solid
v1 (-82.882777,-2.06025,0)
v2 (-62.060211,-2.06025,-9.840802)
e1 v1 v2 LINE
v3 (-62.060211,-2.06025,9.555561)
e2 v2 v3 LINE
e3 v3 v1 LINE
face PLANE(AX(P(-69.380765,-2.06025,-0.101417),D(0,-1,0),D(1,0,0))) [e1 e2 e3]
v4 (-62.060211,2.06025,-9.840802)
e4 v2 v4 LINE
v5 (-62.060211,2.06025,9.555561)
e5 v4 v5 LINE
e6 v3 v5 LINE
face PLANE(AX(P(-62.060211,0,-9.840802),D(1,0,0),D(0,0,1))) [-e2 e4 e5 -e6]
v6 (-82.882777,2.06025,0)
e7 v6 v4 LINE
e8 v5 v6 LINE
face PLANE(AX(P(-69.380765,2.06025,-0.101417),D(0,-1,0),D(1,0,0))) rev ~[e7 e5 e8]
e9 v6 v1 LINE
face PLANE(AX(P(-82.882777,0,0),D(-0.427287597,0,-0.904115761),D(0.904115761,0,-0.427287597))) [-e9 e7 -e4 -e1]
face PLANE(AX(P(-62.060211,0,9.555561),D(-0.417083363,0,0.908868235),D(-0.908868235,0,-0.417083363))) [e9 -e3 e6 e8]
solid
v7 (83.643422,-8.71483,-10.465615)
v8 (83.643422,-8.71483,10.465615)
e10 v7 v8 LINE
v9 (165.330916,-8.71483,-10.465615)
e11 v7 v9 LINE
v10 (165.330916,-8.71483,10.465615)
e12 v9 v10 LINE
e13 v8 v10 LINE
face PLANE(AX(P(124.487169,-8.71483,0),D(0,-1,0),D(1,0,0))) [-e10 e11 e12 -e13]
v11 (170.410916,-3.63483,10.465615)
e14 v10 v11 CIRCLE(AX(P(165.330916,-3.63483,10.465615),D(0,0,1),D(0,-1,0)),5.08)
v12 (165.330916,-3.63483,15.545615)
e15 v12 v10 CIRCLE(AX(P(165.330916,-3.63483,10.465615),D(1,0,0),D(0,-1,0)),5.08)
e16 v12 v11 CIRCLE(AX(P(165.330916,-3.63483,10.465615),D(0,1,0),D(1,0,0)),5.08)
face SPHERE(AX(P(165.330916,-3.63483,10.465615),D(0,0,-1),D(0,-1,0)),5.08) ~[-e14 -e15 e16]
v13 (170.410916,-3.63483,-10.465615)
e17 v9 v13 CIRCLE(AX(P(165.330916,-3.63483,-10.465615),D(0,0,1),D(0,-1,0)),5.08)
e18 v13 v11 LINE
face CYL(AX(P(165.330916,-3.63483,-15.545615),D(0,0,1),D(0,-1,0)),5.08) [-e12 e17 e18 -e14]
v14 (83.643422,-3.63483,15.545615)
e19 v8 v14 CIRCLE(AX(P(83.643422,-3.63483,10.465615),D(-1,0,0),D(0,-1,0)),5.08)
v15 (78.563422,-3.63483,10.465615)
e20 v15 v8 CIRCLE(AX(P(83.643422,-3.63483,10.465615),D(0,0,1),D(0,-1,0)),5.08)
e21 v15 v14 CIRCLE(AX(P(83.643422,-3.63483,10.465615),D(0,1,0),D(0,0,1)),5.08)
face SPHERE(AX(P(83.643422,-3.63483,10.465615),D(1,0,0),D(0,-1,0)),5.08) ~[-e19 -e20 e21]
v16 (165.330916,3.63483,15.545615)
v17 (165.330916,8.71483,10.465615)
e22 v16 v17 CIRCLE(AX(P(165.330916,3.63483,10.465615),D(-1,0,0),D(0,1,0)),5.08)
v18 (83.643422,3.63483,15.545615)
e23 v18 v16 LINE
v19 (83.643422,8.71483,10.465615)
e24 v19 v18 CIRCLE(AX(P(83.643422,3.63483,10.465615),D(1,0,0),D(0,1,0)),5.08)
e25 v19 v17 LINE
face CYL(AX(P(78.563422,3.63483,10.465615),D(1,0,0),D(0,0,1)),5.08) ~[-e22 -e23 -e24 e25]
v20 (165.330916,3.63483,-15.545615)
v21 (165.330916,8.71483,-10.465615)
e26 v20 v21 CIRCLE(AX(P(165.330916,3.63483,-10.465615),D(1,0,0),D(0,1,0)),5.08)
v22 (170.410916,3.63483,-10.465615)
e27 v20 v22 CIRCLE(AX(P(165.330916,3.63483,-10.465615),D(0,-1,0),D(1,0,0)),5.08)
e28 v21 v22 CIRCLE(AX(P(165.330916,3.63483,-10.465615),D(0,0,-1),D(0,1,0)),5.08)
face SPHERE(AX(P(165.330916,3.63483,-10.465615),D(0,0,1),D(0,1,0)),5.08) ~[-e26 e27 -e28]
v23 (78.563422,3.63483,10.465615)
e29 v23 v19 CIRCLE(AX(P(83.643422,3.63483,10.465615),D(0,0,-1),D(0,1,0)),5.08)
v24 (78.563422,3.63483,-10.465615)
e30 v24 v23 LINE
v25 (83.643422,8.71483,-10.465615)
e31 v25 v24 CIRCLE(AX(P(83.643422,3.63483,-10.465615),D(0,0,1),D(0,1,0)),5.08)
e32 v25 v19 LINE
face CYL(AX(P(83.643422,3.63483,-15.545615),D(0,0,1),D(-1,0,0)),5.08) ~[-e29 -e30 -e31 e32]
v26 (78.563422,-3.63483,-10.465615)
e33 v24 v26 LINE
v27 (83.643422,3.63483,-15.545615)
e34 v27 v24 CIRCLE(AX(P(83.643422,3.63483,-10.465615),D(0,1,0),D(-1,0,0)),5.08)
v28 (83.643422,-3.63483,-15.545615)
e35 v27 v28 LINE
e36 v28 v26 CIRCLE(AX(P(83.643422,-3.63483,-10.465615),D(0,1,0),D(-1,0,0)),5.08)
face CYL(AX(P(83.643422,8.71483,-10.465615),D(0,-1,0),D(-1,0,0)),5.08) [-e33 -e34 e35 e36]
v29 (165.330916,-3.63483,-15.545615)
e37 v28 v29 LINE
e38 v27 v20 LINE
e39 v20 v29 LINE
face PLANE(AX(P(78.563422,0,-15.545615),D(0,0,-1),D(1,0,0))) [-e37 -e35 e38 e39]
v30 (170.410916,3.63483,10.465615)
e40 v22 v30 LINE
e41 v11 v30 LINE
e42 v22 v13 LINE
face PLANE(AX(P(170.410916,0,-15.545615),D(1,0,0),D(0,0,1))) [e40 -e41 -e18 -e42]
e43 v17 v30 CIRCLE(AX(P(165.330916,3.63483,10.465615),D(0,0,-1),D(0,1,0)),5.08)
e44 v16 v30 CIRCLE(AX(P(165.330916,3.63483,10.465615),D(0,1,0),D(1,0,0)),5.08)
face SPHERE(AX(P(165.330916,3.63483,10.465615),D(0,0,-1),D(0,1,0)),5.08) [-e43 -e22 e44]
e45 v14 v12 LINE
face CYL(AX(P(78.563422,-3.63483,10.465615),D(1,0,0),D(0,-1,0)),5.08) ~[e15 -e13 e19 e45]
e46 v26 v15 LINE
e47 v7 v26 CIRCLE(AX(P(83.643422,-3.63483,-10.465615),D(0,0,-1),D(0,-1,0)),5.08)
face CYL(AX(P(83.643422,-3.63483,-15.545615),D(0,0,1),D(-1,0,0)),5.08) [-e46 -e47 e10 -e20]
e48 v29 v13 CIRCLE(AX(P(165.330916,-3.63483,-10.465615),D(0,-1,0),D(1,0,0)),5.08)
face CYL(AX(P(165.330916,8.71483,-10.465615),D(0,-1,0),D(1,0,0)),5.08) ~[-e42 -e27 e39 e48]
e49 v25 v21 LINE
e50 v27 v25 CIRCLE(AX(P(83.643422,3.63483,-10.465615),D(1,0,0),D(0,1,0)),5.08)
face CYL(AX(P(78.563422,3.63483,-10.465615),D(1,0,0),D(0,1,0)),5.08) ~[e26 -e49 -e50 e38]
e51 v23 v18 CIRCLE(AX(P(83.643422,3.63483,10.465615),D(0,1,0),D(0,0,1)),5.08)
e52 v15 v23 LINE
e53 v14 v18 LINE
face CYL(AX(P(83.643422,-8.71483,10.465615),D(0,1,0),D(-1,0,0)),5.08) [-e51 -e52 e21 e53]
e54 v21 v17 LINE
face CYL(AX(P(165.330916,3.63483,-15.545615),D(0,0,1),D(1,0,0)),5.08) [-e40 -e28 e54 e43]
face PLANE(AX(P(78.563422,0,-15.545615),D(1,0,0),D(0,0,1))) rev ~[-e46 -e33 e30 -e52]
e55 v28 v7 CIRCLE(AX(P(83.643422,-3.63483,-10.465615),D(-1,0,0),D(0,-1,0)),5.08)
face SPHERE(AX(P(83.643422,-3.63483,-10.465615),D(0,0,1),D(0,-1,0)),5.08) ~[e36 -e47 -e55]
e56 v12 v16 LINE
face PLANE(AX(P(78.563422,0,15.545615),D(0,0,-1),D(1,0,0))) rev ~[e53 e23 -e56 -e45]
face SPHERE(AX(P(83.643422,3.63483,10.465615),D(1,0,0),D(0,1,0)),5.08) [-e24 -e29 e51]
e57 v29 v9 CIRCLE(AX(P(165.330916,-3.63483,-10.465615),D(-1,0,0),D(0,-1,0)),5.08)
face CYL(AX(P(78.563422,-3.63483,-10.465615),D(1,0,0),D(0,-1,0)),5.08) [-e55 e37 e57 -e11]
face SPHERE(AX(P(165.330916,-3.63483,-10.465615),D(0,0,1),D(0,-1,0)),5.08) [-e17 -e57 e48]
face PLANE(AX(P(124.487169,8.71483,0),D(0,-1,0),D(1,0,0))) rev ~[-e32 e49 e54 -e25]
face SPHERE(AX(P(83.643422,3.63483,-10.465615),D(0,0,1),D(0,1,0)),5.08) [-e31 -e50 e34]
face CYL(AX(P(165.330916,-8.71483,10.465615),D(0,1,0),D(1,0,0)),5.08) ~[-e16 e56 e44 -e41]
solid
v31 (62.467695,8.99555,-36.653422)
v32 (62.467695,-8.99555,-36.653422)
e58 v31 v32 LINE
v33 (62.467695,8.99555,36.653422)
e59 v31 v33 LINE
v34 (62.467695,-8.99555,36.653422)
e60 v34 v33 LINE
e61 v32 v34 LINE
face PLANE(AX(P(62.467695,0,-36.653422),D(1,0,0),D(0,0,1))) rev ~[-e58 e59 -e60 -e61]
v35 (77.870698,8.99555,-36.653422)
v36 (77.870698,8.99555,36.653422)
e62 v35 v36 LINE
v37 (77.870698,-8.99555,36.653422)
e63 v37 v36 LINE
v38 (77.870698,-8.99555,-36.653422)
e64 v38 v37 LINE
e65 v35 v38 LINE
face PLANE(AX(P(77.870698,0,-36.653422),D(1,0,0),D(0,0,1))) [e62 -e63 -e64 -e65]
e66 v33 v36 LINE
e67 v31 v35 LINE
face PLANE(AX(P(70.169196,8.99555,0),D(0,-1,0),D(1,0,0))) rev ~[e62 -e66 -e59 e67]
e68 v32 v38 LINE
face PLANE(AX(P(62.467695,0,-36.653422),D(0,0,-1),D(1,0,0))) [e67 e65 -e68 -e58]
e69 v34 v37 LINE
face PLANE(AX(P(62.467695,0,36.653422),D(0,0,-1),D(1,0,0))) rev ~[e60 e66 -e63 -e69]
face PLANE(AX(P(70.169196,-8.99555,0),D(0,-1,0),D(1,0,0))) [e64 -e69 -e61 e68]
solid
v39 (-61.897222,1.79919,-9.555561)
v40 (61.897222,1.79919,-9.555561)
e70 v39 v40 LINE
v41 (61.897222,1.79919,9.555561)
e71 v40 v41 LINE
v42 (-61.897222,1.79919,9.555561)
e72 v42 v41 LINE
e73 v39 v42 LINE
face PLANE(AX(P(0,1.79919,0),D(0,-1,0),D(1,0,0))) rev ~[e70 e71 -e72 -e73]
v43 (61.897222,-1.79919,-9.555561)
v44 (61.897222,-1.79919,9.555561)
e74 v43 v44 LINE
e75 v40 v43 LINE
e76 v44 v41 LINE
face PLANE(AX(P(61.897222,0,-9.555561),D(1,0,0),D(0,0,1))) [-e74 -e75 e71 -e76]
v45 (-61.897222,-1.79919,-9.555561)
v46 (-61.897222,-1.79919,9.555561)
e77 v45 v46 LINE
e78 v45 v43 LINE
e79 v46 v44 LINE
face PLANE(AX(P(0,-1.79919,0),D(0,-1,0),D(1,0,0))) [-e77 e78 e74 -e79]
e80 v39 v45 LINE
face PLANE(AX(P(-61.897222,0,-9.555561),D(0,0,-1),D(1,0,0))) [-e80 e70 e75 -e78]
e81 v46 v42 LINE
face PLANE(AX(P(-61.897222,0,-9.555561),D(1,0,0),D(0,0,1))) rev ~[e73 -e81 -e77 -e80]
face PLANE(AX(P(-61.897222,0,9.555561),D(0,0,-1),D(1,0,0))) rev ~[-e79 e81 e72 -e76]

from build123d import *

# Parameters (mm, degrees)
F4_DEPTH = 2.06025
F1_W     = 15.403003
F1_H     = 73.306844
F5_DEPTH = 8.99555
F0_W     = 123.794444
F0_H     = 19.111122
F6_DEPTH = 1.79919
F3_W     = 91.847494
F3_H     = 31.09123
F7_DEPTH = 8.71483
F8_R     = 5.08


with BuildPart() as f4:
    # F2 (on Front) → F4 (new body, symmetric)
    with BuildSketch(Plane.XZ):
        Polygon((-62.060211, 9.555561), (-82.882777, 0), (-62.060211, -9.840802), align=None)
    extrude(amount=F4_DEPTH, both=True)


with BuildPart() as f5:
    # F1 (on Front) → F5 (new body, symmetric)
    with BuildSketch(Plane.XZ):
        with Locations((70.169196, 0)):
            Rectangle(F1_W, F1_H)
    extrude(amount=F5_DEPTH, both=True)


with BuildPart() as f6:
    # F0 (on Front) → F6 (new body, symmetric)
    with BuildSketch(Plane.XZ):
        Rectangle(F0_W, F0_H)
    extrude(amount=F6_DEPTH, both=True)


with BuildPart() as f7:
    # F3 (on Front) → F7 (new body, symmetric)
    with BuildSketch(Plane.XZ):
        with Locations((124.487169, 0)):
            Rectangle(F3_W, F3_H)
    extrude(amount=F7_DEPTH, both=True)

    # F8
    f8_edges = [f7.edges().sort_by_distance(p)[0] for p in [
        (170.410916, -8.71483, 0),
        (124.487169, -8.71483, 15.545615),
        (78.563422, -8.71483, 0),
        (124.487169, -8.71483, -15.545615),
        (170.410916, 8.71483, 0),
        (124.487169, 8.71483, 15.545615),
        (78.563422, 8.71483, 0),
        (124.487169, 8.71483, -15.545615),
        (170.410916, 0, 15.545615),
        (78.563422, 0, 15.545615),
        (170.410916, 0, -15.545615),
        (78.563422, 0, -15.545615),
    ]]
    fillet(f8_edges, radius=F8_R)


solid = Compound([f4.part, f5.part, f6.part, f7.part])
